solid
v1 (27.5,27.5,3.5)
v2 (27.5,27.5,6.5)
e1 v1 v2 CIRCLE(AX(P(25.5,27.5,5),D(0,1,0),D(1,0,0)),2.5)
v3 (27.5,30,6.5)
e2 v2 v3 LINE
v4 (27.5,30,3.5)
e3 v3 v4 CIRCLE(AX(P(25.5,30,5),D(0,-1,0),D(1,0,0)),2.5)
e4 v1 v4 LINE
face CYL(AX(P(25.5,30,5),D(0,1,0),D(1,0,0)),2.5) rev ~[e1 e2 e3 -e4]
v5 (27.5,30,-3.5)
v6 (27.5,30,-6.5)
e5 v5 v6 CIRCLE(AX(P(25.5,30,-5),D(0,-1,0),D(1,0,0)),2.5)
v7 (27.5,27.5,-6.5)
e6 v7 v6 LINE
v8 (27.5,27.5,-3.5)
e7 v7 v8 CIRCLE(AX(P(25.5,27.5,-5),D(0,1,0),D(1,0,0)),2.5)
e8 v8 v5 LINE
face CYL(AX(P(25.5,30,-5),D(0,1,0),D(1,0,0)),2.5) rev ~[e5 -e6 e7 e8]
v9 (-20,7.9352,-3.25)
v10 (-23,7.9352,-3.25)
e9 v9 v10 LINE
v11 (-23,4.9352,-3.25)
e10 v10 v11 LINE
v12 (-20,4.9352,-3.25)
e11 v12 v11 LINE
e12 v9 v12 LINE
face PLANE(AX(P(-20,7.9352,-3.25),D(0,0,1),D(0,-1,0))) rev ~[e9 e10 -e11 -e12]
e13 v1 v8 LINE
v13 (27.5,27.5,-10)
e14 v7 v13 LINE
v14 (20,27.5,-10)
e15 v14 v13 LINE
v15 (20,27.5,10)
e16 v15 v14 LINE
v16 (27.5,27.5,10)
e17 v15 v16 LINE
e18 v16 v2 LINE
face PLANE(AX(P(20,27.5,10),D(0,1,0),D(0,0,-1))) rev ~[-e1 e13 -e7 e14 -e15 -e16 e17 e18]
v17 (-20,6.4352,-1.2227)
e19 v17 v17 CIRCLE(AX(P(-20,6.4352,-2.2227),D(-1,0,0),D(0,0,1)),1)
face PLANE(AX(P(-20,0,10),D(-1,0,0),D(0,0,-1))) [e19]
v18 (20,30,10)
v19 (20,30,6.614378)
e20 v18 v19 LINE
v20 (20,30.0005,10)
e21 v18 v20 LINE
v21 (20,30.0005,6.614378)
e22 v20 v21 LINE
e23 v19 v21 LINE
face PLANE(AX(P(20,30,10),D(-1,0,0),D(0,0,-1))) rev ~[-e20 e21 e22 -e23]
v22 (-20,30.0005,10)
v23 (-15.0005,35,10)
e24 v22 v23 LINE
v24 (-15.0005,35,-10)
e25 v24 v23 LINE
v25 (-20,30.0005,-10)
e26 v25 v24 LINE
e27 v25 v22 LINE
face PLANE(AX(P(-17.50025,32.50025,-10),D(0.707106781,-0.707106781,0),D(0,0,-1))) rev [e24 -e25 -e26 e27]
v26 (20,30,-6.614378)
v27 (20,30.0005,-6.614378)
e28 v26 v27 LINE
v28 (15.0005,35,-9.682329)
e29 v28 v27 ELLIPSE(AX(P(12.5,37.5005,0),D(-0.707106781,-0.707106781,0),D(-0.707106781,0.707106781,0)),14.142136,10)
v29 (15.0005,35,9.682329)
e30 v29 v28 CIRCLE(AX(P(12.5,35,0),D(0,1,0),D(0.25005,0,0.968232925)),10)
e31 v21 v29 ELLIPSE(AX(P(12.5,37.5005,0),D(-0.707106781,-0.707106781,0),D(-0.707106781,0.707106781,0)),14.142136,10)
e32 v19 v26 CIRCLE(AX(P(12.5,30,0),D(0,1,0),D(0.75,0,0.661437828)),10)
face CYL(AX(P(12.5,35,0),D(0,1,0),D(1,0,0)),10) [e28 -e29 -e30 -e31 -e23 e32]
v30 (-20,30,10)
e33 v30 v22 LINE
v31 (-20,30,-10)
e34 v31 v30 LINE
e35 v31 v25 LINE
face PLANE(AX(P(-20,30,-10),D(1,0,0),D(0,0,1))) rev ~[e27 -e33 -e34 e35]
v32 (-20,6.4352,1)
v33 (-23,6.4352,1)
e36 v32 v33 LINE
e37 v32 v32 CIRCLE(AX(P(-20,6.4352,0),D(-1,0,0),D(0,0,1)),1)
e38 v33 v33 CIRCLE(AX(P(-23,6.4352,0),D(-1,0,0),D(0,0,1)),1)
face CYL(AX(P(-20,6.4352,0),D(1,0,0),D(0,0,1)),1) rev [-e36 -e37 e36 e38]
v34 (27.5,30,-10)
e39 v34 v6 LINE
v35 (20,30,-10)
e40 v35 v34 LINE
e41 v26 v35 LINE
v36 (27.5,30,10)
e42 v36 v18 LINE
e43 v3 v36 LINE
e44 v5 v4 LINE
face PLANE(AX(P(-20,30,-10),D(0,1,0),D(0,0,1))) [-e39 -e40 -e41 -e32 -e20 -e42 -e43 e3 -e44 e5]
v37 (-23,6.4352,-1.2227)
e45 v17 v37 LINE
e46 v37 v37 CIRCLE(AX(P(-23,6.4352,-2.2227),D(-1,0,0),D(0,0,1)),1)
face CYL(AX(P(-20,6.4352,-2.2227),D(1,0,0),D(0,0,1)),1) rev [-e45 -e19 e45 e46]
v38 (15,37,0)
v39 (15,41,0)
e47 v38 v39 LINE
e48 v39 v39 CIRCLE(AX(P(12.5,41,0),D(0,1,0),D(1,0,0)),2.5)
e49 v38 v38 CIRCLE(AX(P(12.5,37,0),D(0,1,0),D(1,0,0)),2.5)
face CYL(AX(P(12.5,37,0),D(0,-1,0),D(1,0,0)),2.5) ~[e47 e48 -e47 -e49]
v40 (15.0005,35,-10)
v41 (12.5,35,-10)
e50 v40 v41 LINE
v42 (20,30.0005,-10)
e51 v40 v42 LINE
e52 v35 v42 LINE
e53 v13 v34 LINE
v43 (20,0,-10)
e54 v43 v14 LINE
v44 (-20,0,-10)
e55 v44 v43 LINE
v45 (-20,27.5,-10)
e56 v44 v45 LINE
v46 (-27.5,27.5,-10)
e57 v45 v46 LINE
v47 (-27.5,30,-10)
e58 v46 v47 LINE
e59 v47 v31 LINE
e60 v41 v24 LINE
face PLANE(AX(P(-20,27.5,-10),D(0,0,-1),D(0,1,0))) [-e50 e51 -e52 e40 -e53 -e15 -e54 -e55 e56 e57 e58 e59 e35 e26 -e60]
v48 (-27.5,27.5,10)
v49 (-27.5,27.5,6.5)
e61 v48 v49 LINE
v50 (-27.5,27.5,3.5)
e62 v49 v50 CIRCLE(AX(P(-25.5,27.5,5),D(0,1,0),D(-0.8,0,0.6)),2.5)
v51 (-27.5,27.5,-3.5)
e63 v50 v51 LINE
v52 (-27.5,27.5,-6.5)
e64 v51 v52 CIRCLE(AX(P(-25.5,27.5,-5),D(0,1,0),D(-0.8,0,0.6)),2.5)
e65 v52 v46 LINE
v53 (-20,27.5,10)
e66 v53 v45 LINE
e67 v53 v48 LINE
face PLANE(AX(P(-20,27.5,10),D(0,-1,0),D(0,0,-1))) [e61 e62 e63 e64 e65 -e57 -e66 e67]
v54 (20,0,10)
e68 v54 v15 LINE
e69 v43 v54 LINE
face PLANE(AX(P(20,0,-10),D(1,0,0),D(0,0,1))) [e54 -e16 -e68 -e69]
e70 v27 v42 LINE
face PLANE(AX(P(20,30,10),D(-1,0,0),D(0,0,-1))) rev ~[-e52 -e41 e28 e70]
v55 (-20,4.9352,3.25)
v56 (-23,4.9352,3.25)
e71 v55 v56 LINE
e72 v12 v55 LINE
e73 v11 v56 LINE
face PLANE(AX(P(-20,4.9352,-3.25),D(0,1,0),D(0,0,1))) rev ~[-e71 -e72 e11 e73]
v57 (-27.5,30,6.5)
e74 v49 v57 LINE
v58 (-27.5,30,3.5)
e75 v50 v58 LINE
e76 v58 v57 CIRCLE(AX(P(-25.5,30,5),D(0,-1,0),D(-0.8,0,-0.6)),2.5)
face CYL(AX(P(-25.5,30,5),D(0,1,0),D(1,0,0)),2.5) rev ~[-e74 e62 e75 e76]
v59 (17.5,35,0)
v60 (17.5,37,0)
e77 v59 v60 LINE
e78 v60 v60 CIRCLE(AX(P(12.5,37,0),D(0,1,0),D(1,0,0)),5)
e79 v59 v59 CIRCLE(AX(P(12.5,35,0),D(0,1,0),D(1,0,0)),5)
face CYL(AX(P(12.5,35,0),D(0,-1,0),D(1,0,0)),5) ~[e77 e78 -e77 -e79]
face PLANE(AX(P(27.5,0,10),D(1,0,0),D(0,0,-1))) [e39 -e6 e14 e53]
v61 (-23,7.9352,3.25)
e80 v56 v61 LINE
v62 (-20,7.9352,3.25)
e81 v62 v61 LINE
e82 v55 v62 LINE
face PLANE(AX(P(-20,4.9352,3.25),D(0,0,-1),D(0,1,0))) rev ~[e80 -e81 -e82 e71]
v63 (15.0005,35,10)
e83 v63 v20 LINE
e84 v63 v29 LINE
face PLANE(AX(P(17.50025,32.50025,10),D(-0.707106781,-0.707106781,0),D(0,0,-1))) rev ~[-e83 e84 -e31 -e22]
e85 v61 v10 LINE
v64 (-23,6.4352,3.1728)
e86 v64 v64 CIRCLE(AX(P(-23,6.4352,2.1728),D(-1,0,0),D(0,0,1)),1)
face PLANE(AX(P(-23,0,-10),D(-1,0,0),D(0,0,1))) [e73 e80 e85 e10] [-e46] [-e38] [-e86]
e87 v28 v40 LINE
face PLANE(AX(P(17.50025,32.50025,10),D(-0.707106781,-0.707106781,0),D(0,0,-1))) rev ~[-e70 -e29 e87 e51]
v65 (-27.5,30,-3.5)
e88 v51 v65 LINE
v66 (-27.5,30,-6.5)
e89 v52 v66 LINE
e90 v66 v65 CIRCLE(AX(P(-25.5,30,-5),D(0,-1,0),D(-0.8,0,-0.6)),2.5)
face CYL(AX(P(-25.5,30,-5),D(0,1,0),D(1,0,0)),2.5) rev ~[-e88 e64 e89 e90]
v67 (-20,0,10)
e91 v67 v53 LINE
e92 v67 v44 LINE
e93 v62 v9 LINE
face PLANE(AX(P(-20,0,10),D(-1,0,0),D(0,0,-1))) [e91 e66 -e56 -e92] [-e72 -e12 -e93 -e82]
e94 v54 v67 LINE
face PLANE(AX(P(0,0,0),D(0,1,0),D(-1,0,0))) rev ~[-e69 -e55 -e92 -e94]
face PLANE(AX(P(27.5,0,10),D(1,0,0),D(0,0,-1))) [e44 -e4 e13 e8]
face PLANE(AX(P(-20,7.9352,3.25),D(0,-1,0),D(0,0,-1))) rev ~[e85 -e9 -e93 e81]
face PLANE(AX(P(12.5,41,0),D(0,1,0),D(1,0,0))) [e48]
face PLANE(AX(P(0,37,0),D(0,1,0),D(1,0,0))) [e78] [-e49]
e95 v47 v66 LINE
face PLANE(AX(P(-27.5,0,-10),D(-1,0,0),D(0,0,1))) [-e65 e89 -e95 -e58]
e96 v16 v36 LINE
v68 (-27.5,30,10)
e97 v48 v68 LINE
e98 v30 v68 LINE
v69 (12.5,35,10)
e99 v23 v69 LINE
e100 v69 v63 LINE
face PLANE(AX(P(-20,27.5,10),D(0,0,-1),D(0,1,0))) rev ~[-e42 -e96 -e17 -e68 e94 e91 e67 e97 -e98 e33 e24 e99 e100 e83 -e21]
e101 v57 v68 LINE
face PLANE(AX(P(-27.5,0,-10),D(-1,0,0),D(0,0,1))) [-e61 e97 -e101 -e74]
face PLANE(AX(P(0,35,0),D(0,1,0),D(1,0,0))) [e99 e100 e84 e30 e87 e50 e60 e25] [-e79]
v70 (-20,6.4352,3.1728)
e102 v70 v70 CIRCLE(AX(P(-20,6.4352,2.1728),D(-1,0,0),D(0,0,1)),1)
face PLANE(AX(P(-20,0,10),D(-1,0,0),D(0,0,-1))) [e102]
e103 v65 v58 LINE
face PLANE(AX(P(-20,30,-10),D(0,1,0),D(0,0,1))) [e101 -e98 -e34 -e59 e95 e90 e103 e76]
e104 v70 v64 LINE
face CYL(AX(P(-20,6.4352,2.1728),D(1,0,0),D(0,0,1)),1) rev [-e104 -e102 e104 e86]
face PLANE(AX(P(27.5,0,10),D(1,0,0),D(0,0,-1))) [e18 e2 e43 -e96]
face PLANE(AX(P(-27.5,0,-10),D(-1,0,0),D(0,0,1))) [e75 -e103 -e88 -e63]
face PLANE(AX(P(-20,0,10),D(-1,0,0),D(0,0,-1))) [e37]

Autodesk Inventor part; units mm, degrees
ref_plane "YZ Plane" through (0, 0, 0) normal (1, 0, 0) x (0, 1, 0)
ref_plane "XZ Plane" through (0, 0, 0) normal (0, 1, 0) x (-1, 0, 0)
ref_plane "XY Plane" through (0, 0, 0) normal (0, 0, 1) x (1, 0, 0)
sketch "Sketch1" plane through (0, 0, 0) normal (0, 1, 0) x (-1, 0, 0)
  line L0 (20, -10) -> (-20, -10)
  line L1 (-20, -10) -> (-20, 10)
  line L2 (-20, 10) -> (20, 10)
  line L3 (20, 10) -> (20, -10)
  line L4 (20, -10) -> (-20, 10) construction
  line L5 (-20, -10) -> (20, 10) construction
  point P0 (0, 0)
  dimension "d0" = 40
  dimension "d1" = 20
extrude "Extrusion1" add sketch "Sketch1" along normal blind 30
sketch "Sketch2" plane through (20, 0, 10) normal (1, 0, 0) x (0, 0, -1)
  line L0 (0, 0) -> (0, 30) projected
  line L1 (20, 30) -> (0, 30)
  line L2 (0, 30) -> (0, 27.5)
  line L3 (0, 27.5) -> (20, 27.5)
  line L4 (20, 27.5) -> (20, 30)
  point P0 (10, 0)
  dimension "d4" = 2.5
extrude "Extrusion2" add sketch "Sketch2" along normal blind 7.5
sketch "Sketch3" plane through (-20, 0, -10) normal (-1, 0, 0) x (0, 0, 1)
  line L0 (20, 0) -> (20, 30) projected
  line L1 (0, 30) -> (20, 30)
  line L2 (20, 30) -> (20, 27.5)
  line L3 (20, 27.5) -> (0, 27.5)
  line L4 (0, 27.5) -> (0, 30)
  point P0 (10, 0)
  dimension "d7" = 2.5
extrude "Extrusion3" add sketch "Sketch3" along normal blind 7.5
sketch "Sketch4" plane through (0, 30, 0) normal (0, 1, 0) x (1, 0, 0)
  line L0 (20, 10) -> (-20, 10)
  line L1 (-20, 10) -> (-20, -10)
  line L2 (-20, -10) -> (20, -10)
  line L3 (20, -10) -> (20, 10)
  line L4 (20, 10) -> (-20, -10) construction
  line L5 (-20, 10) -> (20, -10) construction
  point P0 (0, 0)
extrude "Extrusion4" add sketch "Sketch4" along normal blind 5
chamfer "Chamfer1" distance 5 angle 45 1 edges at (-20, 35, 0)
chamfer "Chamfer2" distance 5 angle 45 1 edges at (20, 35, 0)
sketch "Sketch5" plane through (0, 35, 0) normal (0, 1, 0) x (1, 0, 0)
  circle A0 centre (12.5, 0) radius 10
  line L0 (15, 10) -> (-15, 10) projected
  line L1 (27.5, 10) -> (27.5, -10) projected
  point P0 (0, 0)
  dimension "d18" = 15
extrude "Extrusion5" add sketch "Sketch5" against normal blind 5
sketch "Sketch6" plane through (0, 30, 0) normal (0, 1, 0) x (1, 0, 0)
  circle A0 centre (25.5, -5) radius 2.5
  line L0 (27.5, -10) -> (20, -10) projected
  line L1 (27.5, -10) -> (27.5, 10) projected
  circle A1 centre (25.5, 5) radius 2.5
  line L2 (20, 10) -> (27.5, 10) projected
  point P0 (0, 0)
  dimension "d21" = 5
  dimension "d22" = 5
  dimension "d23" = 2
  dimension "d24" = 5
  dimension "d25" = 5
  dimension "d26" = 2
extrude "Extrusion6" cut sketch "Sketch6" against normal blind 5
sketch "Sketch7" plane through (0, 30, 0) normal (0, 1, 0) x (1, 0, 0)
  circle A0 centre (-25.5, 5) radius 2.5
  circle A1 centre (-25.5, -5) radius 2.5
  line L0 (-27.5, -10) -> (-27.5, 10) projected
  line L1 (-20, -10) -> (-27.5, -10) projected
  line L2 (-27.5, 10) -> (-20, 10) projected
  point P0 (0, 0)
  dimension "d29" = 5
  dimension "d30" = 5
  dimension "d31" = 2
  dimension "d32" = 2
  dimension "d33" = 5
  dimension "d34" = 5
extrude "Extrusion7" cut sketch "Sketch7" against normal blind 5
sketch "Sketch8" plane through (0, 35, 0) normal (0, 1, 0) x (1, 0, 0)
  circle A0 centre (12.5, 0) radius 5
  line L0 (27.5, 3.5) -> (27.5, -3.5) projected
  point P0 (0, 0)
  dimension "d37" = 10
  dimension "d38" = 15
extrude "Extrusion8" add sketch "Sketch8" along normal blind 2
sketch "Sketch9" plane through (12.5, 37, 0) normal (0, 1, 0) x (1, 0, 0)
  circle A0 centre (0, 0) radius 2.5
  point P0 (-12.5, 0)
  dimension "d41" = 5
extrude "Extrusion9" add sketch "Sketch9" along normal blind 4
sketch "Sketch10" plane through (-20, 0, -10) normal (-1, 0, 0) x (0, 0, 1)
  line L0 (13.25, 7.9352) -> (6.75, 7.9352)
  line L1 (6.75, 7.9352) -> (6.75, 4.9352)
  line L2 (6.75, 4.9352) -> (13.25, 4.9352)
  line L3 (13.25, 4.9352) -> (13.25, 7.9352)
  line L4 (13.25, 7.9352) -> (6.75, 4.9352) construction
  line L5 (6.75, 7.9352) -> (13.25, 4.9352) construction
  circle A0 centre (10, 6.4352) radius 1
  circle A1 centre (12.1728, 6.4352) radius 1
  circle A2 centre (7.7773, 6.4352) radius 1
  point P0 (10, 0)
  dimension "d44" = 6.5
  dimension "d45" = 3
  dimension "d46" = 2
  dimension "d47" = 2
  dimension "d48" = 2
extrude "Extrusion10" add sketch "Sketch10" along normal blind 3
sketch "Sketch11" plane through (0, 30, 0) normal (0, 1, 0) x (1, 0, 0)
  point P0 (0, 0)
properties part number "block"
